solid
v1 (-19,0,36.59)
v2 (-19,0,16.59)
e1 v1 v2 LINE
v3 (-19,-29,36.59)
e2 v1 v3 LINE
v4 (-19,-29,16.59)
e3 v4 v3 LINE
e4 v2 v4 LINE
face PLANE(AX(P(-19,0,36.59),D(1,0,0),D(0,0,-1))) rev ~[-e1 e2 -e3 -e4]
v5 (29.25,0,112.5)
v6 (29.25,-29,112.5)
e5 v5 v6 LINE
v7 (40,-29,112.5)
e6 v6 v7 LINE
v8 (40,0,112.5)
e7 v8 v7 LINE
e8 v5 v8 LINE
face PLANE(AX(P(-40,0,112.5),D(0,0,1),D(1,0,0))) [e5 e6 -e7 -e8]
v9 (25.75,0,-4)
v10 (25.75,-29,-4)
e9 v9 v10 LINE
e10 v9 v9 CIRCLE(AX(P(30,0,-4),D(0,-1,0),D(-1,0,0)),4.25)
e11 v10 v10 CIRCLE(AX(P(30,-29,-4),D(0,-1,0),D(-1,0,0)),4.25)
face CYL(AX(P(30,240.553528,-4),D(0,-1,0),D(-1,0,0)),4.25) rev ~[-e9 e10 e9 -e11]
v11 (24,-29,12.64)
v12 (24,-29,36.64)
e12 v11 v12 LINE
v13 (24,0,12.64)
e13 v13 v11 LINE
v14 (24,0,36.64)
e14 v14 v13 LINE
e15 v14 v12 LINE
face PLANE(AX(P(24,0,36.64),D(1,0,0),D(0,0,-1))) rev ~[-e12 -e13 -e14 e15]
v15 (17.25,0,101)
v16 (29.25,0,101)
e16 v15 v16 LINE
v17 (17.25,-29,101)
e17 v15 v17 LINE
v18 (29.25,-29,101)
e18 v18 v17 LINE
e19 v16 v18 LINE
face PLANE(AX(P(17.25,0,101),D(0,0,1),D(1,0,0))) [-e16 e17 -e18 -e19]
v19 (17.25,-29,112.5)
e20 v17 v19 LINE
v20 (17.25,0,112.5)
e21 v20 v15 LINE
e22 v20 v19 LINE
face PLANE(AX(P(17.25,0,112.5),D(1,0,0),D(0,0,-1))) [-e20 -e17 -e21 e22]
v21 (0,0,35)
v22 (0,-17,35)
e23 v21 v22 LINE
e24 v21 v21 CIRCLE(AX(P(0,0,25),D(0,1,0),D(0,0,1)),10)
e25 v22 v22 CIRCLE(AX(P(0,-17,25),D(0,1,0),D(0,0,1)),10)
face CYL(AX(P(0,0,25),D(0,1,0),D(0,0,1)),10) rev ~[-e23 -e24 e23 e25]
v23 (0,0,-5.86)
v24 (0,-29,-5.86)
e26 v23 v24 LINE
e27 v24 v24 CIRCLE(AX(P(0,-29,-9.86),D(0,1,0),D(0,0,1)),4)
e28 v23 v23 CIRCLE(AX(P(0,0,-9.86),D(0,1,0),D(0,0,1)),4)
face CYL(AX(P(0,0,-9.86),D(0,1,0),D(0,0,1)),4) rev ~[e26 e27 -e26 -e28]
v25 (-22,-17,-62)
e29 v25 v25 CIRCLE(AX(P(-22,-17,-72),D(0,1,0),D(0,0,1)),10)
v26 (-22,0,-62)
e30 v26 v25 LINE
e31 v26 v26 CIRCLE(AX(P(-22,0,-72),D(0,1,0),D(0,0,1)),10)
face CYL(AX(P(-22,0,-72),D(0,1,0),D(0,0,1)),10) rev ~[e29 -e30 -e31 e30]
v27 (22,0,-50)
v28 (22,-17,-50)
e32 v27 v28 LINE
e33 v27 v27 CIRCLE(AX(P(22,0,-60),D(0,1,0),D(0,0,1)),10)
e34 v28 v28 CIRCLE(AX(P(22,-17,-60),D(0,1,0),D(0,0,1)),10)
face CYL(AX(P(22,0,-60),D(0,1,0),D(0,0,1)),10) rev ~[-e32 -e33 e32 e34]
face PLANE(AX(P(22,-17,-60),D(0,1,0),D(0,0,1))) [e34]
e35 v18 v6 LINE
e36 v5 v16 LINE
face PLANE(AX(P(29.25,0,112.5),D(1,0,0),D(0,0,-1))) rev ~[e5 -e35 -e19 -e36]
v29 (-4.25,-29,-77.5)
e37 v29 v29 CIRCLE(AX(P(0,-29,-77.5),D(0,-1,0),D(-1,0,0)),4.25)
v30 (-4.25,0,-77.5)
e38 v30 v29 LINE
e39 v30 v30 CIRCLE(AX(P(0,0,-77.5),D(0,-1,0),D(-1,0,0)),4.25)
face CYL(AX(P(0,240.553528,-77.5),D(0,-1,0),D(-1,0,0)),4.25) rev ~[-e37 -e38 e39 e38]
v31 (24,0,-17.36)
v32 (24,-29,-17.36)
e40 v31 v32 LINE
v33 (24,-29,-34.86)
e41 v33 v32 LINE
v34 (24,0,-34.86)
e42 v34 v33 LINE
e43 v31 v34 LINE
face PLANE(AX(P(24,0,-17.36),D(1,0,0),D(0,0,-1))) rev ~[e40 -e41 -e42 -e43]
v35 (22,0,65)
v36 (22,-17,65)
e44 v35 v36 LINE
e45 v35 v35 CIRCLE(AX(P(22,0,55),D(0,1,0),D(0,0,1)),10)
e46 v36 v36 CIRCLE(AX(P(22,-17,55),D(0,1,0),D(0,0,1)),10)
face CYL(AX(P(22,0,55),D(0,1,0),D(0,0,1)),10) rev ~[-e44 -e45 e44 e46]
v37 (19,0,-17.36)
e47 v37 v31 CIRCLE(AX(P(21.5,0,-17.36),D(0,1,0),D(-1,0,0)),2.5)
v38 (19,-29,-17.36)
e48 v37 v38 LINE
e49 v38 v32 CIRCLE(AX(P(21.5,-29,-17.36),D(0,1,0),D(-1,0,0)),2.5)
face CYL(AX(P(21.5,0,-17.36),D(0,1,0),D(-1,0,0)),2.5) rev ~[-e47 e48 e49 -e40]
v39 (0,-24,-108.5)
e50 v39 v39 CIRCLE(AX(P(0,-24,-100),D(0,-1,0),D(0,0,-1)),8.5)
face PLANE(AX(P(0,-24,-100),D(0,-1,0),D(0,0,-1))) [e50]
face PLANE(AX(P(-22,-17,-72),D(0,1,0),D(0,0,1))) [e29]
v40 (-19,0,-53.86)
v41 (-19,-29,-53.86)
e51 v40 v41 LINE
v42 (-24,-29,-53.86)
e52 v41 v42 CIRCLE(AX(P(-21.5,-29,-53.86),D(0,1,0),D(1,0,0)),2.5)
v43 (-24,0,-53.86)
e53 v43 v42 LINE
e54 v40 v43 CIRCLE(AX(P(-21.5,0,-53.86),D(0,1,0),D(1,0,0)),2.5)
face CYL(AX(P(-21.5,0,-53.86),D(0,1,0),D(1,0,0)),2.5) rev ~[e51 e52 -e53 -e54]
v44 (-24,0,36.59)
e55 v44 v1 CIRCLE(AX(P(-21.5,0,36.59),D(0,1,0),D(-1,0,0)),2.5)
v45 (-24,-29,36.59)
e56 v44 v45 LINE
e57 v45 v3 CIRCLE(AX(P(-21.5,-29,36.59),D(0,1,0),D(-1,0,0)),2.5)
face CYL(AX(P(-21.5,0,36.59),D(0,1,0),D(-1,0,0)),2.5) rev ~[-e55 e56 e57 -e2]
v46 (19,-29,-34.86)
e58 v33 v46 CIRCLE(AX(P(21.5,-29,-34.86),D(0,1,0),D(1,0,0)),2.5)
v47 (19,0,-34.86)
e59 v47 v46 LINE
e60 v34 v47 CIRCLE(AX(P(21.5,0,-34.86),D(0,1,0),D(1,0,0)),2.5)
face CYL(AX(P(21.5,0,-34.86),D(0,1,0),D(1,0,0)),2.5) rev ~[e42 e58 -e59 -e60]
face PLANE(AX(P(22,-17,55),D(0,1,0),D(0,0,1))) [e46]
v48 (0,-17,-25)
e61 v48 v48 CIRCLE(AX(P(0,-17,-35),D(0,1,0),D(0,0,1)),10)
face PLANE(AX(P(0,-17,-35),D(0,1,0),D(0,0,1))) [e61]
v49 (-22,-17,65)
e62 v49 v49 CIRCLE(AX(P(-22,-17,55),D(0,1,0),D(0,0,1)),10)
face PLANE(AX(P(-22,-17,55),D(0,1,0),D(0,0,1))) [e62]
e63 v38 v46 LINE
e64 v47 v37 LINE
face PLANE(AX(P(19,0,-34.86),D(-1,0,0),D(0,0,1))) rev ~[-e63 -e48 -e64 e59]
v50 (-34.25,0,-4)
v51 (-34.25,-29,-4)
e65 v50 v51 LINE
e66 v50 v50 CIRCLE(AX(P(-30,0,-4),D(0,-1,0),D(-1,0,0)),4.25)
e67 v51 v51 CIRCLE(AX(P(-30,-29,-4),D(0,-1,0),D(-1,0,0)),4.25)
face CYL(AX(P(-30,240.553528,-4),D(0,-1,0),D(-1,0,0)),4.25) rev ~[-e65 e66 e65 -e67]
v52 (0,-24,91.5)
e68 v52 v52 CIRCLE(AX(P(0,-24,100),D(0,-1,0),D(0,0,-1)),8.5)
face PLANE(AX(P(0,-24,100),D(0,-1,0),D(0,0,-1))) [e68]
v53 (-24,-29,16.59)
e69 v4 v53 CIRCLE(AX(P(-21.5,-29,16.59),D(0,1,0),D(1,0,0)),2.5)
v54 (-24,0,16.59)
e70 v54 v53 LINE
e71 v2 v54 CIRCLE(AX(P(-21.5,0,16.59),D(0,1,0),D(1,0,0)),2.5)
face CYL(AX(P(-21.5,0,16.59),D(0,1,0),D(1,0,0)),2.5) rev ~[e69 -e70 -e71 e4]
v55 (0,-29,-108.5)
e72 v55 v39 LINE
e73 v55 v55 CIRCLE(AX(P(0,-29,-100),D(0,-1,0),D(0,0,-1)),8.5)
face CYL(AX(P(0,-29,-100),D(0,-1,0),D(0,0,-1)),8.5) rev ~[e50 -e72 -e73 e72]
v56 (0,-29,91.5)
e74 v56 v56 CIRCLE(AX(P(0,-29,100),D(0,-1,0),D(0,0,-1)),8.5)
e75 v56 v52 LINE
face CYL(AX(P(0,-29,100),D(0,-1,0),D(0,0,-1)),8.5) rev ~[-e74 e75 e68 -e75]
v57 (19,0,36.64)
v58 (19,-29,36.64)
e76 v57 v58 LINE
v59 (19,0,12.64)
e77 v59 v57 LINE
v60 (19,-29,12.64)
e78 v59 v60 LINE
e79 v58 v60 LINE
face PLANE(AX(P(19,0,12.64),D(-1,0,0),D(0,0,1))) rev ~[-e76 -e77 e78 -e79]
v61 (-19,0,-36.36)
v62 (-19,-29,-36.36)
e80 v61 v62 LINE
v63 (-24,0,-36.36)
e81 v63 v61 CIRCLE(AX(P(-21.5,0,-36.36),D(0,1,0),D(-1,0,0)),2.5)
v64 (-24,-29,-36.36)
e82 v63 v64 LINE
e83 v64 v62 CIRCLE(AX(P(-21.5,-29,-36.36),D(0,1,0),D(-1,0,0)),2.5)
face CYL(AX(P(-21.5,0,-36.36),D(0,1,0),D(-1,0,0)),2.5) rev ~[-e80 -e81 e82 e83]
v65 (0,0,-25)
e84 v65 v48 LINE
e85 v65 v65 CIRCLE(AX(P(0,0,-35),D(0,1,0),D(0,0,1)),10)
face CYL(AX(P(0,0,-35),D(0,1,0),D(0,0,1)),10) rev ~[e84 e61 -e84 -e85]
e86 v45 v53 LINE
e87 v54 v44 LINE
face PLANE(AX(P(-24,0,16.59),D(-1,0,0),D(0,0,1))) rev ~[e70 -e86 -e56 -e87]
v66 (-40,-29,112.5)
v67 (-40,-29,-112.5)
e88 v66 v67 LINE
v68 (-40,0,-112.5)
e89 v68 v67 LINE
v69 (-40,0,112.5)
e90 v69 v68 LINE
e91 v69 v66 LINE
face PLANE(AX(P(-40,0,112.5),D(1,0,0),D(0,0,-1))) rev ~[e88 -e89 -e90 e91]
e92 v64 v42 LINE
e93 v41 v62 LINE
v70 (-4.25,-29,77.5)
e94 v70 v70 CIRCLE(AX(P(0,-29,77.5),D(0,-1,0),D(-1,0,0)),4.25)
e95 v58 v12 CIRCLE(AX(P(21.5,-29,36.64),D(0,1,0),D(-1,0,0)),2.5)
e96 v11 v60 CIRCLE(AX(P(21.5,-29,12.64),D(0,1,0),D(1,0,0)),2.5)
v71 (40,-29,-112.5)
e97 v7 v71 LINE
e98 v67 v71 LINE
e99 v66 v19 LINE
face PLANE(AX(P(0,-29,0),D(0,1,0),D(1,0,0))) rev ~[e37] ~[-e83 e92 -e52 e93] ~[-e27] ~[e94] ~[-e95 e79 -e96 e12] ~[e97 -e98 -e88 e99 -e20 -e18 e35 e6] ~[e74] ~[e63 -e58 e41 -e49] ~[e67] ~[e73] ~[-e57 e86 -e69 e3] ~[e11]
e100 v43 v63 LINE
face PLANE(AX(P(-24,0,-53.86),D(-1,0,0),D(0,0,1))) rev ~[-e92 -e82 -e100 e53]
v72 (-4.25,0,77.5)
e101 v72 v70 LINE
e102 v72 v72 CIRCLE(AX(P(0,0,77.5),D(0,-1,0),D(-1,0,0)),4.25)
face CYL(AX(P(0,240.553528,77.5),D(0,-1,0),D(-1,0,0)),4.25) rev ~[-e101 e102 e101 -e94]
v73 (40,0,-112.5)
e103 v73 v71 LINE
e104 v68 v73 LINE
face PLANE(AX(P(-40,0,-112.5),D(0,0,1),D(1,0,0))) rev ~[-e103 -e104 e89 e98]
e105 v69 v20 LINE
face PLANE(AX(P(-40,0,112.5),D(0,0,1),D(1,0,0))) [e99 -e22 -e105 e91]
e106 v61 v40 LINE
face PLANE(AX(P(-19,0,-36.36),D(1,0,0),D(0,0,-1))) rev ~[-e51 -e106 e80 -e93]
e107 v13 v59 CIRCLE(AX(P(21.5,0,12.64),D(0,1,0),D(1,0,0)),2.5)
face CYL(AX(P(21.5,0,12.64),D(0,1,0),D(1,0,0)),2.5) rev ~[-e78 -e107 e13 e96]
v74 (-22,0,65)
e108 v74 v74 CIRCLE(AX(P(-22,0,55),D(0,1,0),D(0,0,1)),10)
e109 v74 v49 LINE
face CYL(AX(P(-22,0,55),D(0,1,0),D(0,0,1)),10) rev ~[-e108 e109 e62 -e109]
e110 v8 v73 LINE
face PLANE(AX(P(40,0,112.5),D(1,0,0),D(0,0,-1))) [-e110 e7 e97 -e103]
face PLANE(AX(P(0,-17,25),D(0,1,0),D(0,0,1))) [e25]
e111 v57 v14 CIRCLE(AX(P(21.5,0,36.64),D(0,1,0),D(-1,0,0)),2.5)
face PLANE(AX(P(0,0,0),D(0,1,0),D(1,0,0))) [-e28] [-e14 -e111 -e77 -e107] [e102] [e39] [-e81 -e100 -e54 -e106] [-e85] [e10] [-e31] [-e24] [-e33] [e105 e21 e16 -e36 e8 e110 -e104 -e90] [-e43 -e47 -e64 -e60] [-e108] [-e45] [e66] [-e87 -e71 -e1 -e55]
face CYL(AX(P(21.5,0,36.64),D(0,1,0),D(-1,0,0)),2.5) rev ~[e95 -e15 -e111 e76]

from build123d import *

# Parameters (mm, degrees)
SKETCH1_W           = 80
SKETCH1_H           = 225
BOSS_EXTRUDE1_DEPTH = 29
CUT_EXTRUDE1_REACH  = 124.871
SKETCH4_R           = 10
CUT_EXTRUDE2_DEPTH  = 17
SKETCH5_R           = 8.5
CUT_EXTRUDE3_DEPTH  = 5
CUT_EXTRUDE4_REACH  = 124.871
SKETCH6_W           = 12
SKETCH6_H           = 11.5
M10_TAPPED_HOLE1_D  = 8.5
CUT_EXTRUDE5_REACH  = 124.871
SKETCH10_R          = 4


with BuildPart() as part:
    # Sketch1 → Boss-Extrude1 (new body)
    with BuildSketch(Plane(origin=(0, 0, 0), x_dir=(1, 0, 0), z_dir=(0, 1, 0))):
        Rectangle(SKETCH1_W, SKETCH1_H)
    extrude(amount=-BOSS_EXTRUDE1_DEPTH)

    # Sketch2 → Cut-Extrude1 (cut, up to next)
    with BuildSketch(Plane(origin=(0, 0, 0), x_dir=(1, 0, 0), z_dir=(0, 1, 0)), mode=Mode.PRIVATE) as cut_extrude1_sk1:
        with BuildLine():
            Line((-19, 36.36), (-19, 53.86))
            ThreePointArc((-19, 53.86), (-21.5, 56.36), (-24, 53.86))
            Line((-24, 53.86), (-24, 36.36))
            ThreePointArc((-24, 36.36), (-21.5, 33.86), (-19, 36.36))
        make_face()
    cut_extrude1_tool1 = extrude(cut_extrude1_sk1.sketch, amount=-CUT_EXTRUDE1_REACH, mode=Mode.PRIVATE) & part.part
    # Sketch2 → Cut-Extrude1 (cut, up to next)
    with BuildSketch(Plane(origin=(0, 0, 0), x_dir=(1, 0, 0), z_dir=(0, 1, 0)), mode=Mode.PRIVATE) as cut_extrude1_sk2:
        with BuildLine():
            Line((-19, -36.59), (-19, -16.59))
            ThreePointArc((-19, -16.59), (-21.5, -14.09), (-24, -16.59))
            Line((-24, -16.59), (-24, -36.59))
            ThreePointArc((-24, -36.59), (-21.5, -39.09), (-19, -36.59))
        make_face()
    cut_extrude1_tool2 = extrude(cut_extrude1_sk2.sketch, amount=-CUT_EXTRUDE1_REACH, mode=Mode.PRIVATE) & part.part
    # Sketch2 → Cut-Extrude1 (cut, up to next)
    with BuildSketch(Plane(origin=(0, 0, 0), x_dir=(1, 0, 0), z_dir=(0, 1, 0)), mode=Mode.PRIVATE) as cut_extrude1_sk3:
        with BuildLine():
            Line((24, 17.36), (24, 34.86))
            ThreePointArc((24, 34.86), (21.5, 37.36), (19, 34.86))
            Line((19, 34.86), (19, 17.36))
            ThreePointArc((19, 17.36), (21.5, 14.86), (24, 17.36))
        make_face()
    cut_extrude1_tool3 = extrude(cut_extrude1_sk3.sketch, amount=-CUT_EXTRUDE1_REACH, mode=Mode.PRIVATE) & part.part
    # Sketch2 → Cut-Extrude1 (cut, up to next)
    with BuildSketch(Plane(origin=(0, 0, 0), x_dir=(1, 0, 0), z_dir=(0, 1, 0)), mode=Mode.PRIVATE) as cut_extrude1_sk4:
        with BuildLine():
            Line((24, -36.64), (24, -12.64))
            ThreePointArc((24, -12.64), (21.5, -10.14), (19, -12.64))
            Line((19, -12.64), (19, -36.64))
            ThreePointArc((19, -36.64), (21.5, -39.14), (24, -36.64))
        make_face()
    cut_extrude1_tool4 = extrude(cut_extrude1_sk4.sketch, amount=-CUT_EXTRUDE1_REACH, mode=Mode.PRIVATE) & part.part
    add(cut_extrude1_tool1.solids().sort_by_distance((-21.5, 0, -45.11))[0], mode=Mode.SUBTRACT)
    add(cut_extrude1_tool2.solids().sort_by_distance((-21.5, 0, 26.59))[0], mode=Mode.SUBTRACT)
    add(cut_extrude1_tool3.solids().sort_by_distance((21.5, 0, -26.11))[0], mode=Mode.SUBTRACT)
    add(cut_extrude1_tool4.solids().sort_by_distance((21.5, 0, 24.64))[0], mode=Mode.SUBTRACT)

    # Sketch4 → Cut-Extrude2 (cut)
    with BuildSketch(Plane(origin=(0, 0, 0), x_dir=(1, 0, 0), z_dir=(0, 1, 0))):
        with Locations(Location((-22, 72, 0), (0, 0, 270))):
            Circle(SKETCH4_R)
        with Locations(Location((22, 60, 0), (0, 0, 270))):
            Circle(SKETCH4_R)
        with Locations(Location((0, 35, 0), (0, 0, 270))):
            Circle(SKETCH4_R)
        with Locations(Location((0, -25, 0), (0, 0, 270))):
            Circle(SKETCH4_R)
        with Locations(Location((22, -55, 0), (0, 0, 270))):
            Circle(SKETCH4_R)
        with Locations(Location((-22, -55, 0), (0, 0, 270))):
            Circle(SKETCH4_R)
    extrude(amount=-CUT_EXTRUDE2_DEPTH, mode=Mode.SUBTRACT)

    # Sketch5 → Cut-Extrude3 (cut)
    with BuildSketch(Plane.XZ.offset(29)):
        with Locations(Location((0, 100, 0), (0, 0, 270))):
            Circle(SKETCH5_R)
        with Locations(Location((0, -100, 0), (0, 0, 270))):
            Circle(SKETCH5_R)
    extrude(amount=-CUT_EXTRUDE3_DEPTH, mode=Mode.SUBTRACT)

    # Sketch6 → Cut-Extrude4 (cut, up to next)
    with BuildSketch(Plane(origin=(0, 0, 0), x_dir=(1, 0, 0), z_dir=(0, 1, 0)), mode=Mode.PRIVATE) as cut_extrude4_sk1:
        with Locations((23.25, -106.75)):
            Rectangle(SKETCH6_W, SKETCH6_H)
    cut_extrude4_tool1 = extrude(cut_extrude4_sk1.sketch, amount=-CUT_EXTRUDE4_REACH, mode=Mode.PRIVATE) & part.part
    add(cut_extrude4_tool1.solids().sort_by_distance((23.25, 0, 106.75))[0], mode=Mode.SUBTRACT)

    # M10 Tapped Hole1 (through all)
    with Locations(Plane(origin=(0, 0, 0), x_dir=(1, 0, 0), z_dir=(0, 1, 0))):
        with Locations((0, -77.5), (30, 4), (-30, 4), (0, 77.5)):
            Hole(M10_TAPPED_HOLE1_D / 2)

    # Sketch10 → Cut-Extrude5 (cut, up to next)
    with BuildSketch(Plane(origin=(0, 0, 0), x_dir=(1, 0, 0), z_dir=(0, 1, 0)), mode=Mode.PRIVATE) as cut_extrude5_sk1:
        with Locations(Location((0, 9.86, 0), (0, 0, 270))):
            Circle(SKETCH10_R)
    cut_extrude5_tool1 = extrude(cut_extrude5_sk1.sketch, amount=-CUT_EXTRUDE5_REACH, mode=Mode.PRIVATE) & part.part
    add(cut_extrude5_tool1.solids().sort_by_distance((0, 0, -9.86))[0], mode=Mode.SUBTRACT)


solid = part.part
